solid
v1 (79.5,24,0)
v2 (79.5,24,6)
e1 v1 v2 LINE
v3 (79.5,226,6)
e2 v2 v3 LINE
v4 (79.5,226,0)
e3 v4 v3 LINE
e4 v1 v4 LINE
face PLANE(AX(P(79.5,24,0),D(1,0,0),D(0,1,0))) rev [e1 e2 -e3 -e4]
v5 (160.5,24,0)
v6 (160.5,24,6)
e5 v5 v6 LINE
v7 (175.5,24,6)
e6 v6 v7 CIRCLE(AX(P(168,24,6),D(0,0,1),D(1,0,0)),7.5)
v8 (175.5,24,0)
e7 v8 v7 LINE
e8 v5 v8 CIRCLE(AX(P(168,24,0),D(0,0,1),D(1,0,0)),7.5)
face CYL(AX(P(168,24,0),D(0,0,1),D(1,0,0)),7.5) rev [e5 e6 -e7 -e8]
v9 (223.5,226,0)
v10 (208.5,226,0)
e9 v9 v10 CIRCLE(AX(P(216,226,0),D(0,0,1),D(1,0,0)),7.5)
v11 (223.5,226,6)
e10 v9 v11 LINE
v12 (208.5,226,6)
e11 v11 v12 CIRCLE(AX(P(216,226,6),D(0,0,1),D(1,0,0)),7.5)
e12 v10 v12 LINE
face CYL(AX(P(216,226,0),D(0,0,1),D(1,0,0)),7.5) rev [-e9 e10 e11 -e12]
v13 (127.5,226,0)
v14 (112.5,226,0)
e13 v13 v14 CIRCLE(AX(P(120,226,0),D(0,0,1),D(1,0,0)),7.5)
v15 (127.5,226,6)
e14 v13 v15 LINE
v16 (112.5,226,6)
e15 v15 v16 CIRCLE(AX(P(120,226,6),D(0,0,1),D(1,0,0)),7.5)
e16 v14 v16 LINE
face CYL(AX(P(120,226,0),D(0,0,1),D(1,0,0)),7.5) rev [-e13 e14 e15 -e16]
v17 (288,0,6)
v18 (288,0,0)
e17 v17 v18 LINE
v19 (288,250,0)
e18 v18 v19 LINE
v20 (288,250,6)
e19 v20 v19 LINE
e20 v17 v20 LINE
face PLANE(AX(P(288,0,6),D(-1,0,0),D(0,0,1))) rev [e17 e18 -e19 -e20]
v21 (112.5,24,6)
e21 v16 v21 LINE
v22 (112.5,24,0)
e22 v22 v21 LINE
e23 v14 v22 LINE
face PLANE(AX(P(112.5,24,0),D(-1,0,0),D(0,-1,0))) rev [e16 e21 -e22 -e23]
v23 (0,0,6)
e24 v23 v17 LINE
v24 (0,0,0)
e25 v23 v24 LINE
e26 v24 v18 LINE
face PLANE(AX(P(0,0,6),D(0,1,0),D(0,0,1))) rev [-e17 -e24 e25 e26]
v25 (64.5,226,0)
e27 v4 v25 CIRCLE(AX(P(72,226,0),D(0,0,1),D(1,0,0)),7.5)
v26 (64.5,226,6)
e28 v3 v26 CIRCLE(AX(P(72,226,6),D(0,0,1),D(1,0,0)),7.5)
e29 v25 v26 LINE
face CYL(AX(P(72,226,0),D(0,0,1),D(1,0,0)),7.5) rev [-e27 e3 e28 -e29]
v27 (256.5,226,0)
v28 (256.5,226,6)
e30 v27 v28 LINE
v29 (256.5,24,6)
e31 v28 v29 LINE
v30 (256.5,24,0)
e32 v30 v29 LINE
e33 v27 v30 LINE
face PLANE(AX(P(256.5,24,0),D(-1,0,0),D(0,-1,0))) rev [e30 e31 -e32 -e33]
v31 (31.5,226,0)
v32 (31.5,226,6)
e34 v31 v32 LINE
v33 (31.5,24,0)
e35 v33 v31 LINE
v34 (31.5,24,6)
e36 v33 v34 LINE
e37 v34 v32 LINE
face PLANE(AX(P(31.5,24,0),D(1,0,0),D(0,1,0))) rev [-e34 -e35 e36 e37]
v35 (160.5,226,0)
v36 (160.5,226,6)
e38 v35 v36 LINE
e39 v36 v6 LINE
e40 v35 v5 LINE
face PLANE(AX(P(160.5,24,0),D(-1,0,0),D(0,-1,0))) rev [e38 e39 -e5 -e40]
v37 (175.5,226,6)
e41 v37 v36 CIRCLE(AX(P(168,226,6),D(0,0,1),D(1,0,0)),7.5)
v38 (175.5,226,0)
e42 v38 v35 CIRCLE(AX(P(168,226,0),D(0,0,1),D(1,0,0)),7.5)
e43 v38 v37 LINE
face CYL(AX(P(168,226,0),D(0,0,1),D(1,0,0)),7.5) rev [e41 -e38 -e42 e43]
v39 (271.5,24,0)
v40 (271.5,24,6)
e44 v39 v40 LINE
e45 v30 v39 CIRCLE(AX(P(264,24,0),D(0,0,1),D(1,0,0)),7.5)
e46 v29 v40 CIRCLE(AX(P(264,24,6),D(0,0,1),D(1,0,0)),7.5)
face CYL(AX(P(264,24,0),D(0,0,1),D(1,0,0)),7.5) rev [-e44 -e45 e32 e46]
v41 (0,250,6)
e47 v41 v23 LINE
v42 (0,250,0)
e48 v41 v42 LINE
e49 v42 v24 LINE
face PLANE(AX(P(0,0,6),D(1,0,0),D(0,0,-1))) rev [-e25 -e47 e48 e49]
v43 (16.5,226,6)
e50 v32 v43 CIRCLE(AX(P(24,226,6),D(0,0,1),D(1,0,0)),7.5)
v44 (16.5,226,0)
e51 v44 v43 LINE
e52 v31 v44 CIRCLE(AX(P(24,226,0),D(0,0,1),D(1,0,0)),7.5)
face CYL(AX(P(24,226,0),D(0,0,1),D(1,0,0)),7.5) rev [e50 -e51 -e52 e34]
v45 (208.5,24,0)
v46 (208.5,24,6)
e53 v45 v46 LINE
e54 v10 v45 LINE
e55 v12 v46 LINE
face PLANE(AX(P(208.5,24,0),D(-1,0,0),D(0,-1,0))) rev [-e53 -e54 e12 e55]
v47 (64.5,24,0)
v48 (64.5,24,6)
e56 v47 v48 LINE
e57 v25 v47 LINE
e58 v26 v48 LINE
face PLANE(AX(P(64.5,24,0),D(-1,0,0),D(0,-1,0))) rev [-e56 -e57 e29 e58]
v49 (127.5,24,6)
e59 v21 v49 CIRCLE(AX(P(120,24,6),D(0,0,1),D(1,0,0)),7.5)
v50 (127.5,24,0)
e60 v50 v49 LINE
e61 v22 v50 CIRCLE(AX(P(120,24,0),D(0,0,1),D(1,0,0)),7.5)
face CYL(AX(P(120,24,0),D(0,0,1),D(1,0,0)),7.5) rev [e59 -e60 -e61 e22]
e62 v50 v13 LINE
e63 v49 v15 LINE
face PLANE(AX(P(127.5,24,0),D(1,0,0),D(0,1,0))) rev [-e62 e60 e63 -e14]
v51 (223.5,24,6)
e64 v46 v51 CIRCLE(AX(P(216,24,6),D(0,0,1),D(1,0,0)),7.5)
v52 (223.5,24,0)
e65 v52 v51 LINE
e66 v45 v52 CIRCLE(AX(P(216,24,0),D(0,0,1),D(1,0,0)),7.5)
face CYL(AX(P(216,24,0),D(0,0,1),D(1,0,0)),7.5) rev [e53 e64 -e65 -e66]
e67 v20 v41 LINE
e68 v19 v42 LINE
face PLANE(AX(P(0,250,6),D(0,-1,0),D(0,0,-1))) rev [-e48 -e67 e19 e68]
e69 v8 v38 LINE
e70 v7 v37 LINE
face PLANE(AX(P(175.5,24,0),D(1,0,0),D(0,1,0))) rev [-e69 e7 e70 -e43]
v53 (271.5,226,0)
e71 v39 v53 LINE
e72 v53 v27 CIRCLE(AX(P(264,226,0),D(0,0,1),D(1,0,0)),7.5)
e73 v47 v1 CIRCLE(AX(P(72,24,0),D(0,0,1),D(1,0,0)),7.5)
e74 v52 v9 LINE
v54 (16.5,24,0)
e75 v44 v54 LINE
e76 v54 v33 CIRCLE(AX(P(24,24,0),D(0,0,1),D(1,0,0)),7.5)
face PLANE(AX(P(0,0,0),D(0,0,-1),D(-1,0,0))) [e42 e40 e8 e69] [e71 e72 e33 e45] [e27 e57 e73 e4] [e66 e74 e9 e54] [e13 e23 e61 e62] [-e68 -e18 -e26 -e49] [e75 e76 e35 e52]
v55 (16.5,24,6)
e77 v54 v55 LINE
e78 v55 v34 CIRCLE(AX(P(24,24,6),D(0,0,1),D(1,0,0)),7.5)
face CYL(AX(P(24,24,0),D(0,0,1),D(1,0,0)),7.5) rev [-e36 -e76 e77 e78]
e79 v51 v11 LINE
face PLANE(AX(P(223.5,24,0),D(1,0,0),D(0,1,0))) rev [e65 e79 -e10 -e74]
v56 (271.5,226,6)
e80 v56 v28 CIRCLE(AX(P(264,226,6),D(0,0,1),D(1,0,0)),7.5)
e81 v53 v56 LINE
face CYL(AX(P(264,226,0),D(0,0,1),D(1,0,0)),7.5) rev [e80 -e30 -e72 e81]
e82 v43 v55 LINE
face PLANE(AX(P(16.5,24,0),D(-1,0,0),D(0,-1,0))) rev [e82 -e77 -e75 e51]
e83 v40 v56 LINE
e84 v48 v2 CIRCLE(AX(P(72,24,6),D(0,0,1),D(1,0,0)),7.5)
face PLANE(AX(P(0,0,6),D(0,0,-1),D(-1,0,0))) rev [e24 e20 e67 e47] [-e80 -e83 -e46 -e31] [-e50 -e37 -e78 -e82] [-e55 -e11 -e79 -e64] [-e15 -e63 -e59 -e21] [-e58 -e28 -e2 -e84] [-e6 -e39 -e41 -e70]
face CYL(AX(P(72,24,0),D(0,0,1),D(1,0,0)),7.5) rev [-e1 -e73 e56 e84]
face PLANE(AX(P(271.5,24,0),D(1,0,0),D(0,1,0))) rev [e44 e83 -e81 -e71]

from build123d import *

# Parameters (mm, degrees)
SKETCH1_W           = 288
SKETCH1_H           = 250
BOSS_EXTRUDE1_DEPTH = 6
CUT_EXTRUDE1_DEPTH  = 7
LPATTERN4_COUNT     = 6
LPATTERN4_PITCH     = 48


with BuildPart() as part:
    # Sketch1 → Boss-Extrude1 (new body)
    with BuildSketch(Plane.XY):
        with Locations((144, 125)):
            Rectangle(SKETCH1_W, SKETCH1_H)
    extrude(amount=BOSS_EXTRUDE1_DEPTH)

    # Sketch2 → Cut-Extrude1 (cut, through all)
    with BuildSketch(Plane.XY.offset(6)):
        with BuildLine():
            Line((16.5, 24), (16.5, 226))
            ThreePointArc((16.5, 226), (24, 233.5), (31.5, 226))
            Line((31.5, 226), (31.5, 24))
            ThreePointArc((31.5, 24), (24, 16.5), (16.5, 24))
        make_face()
    cut_extrude1 = extrude(amount=-CUT_EXTRUDE1_DEPTH, mode=Mode.SUBTRACT)

    # LPattern4: Cut-Extrude1 ×6
    with Locations(*[(i * LPATTERN4_PITCH, 0, 0) for i in range(1, LPATTERN4_COUNT)]):
        add(cut_extrude1, mode=Mode.SUBTRACT)


solid = part.part
